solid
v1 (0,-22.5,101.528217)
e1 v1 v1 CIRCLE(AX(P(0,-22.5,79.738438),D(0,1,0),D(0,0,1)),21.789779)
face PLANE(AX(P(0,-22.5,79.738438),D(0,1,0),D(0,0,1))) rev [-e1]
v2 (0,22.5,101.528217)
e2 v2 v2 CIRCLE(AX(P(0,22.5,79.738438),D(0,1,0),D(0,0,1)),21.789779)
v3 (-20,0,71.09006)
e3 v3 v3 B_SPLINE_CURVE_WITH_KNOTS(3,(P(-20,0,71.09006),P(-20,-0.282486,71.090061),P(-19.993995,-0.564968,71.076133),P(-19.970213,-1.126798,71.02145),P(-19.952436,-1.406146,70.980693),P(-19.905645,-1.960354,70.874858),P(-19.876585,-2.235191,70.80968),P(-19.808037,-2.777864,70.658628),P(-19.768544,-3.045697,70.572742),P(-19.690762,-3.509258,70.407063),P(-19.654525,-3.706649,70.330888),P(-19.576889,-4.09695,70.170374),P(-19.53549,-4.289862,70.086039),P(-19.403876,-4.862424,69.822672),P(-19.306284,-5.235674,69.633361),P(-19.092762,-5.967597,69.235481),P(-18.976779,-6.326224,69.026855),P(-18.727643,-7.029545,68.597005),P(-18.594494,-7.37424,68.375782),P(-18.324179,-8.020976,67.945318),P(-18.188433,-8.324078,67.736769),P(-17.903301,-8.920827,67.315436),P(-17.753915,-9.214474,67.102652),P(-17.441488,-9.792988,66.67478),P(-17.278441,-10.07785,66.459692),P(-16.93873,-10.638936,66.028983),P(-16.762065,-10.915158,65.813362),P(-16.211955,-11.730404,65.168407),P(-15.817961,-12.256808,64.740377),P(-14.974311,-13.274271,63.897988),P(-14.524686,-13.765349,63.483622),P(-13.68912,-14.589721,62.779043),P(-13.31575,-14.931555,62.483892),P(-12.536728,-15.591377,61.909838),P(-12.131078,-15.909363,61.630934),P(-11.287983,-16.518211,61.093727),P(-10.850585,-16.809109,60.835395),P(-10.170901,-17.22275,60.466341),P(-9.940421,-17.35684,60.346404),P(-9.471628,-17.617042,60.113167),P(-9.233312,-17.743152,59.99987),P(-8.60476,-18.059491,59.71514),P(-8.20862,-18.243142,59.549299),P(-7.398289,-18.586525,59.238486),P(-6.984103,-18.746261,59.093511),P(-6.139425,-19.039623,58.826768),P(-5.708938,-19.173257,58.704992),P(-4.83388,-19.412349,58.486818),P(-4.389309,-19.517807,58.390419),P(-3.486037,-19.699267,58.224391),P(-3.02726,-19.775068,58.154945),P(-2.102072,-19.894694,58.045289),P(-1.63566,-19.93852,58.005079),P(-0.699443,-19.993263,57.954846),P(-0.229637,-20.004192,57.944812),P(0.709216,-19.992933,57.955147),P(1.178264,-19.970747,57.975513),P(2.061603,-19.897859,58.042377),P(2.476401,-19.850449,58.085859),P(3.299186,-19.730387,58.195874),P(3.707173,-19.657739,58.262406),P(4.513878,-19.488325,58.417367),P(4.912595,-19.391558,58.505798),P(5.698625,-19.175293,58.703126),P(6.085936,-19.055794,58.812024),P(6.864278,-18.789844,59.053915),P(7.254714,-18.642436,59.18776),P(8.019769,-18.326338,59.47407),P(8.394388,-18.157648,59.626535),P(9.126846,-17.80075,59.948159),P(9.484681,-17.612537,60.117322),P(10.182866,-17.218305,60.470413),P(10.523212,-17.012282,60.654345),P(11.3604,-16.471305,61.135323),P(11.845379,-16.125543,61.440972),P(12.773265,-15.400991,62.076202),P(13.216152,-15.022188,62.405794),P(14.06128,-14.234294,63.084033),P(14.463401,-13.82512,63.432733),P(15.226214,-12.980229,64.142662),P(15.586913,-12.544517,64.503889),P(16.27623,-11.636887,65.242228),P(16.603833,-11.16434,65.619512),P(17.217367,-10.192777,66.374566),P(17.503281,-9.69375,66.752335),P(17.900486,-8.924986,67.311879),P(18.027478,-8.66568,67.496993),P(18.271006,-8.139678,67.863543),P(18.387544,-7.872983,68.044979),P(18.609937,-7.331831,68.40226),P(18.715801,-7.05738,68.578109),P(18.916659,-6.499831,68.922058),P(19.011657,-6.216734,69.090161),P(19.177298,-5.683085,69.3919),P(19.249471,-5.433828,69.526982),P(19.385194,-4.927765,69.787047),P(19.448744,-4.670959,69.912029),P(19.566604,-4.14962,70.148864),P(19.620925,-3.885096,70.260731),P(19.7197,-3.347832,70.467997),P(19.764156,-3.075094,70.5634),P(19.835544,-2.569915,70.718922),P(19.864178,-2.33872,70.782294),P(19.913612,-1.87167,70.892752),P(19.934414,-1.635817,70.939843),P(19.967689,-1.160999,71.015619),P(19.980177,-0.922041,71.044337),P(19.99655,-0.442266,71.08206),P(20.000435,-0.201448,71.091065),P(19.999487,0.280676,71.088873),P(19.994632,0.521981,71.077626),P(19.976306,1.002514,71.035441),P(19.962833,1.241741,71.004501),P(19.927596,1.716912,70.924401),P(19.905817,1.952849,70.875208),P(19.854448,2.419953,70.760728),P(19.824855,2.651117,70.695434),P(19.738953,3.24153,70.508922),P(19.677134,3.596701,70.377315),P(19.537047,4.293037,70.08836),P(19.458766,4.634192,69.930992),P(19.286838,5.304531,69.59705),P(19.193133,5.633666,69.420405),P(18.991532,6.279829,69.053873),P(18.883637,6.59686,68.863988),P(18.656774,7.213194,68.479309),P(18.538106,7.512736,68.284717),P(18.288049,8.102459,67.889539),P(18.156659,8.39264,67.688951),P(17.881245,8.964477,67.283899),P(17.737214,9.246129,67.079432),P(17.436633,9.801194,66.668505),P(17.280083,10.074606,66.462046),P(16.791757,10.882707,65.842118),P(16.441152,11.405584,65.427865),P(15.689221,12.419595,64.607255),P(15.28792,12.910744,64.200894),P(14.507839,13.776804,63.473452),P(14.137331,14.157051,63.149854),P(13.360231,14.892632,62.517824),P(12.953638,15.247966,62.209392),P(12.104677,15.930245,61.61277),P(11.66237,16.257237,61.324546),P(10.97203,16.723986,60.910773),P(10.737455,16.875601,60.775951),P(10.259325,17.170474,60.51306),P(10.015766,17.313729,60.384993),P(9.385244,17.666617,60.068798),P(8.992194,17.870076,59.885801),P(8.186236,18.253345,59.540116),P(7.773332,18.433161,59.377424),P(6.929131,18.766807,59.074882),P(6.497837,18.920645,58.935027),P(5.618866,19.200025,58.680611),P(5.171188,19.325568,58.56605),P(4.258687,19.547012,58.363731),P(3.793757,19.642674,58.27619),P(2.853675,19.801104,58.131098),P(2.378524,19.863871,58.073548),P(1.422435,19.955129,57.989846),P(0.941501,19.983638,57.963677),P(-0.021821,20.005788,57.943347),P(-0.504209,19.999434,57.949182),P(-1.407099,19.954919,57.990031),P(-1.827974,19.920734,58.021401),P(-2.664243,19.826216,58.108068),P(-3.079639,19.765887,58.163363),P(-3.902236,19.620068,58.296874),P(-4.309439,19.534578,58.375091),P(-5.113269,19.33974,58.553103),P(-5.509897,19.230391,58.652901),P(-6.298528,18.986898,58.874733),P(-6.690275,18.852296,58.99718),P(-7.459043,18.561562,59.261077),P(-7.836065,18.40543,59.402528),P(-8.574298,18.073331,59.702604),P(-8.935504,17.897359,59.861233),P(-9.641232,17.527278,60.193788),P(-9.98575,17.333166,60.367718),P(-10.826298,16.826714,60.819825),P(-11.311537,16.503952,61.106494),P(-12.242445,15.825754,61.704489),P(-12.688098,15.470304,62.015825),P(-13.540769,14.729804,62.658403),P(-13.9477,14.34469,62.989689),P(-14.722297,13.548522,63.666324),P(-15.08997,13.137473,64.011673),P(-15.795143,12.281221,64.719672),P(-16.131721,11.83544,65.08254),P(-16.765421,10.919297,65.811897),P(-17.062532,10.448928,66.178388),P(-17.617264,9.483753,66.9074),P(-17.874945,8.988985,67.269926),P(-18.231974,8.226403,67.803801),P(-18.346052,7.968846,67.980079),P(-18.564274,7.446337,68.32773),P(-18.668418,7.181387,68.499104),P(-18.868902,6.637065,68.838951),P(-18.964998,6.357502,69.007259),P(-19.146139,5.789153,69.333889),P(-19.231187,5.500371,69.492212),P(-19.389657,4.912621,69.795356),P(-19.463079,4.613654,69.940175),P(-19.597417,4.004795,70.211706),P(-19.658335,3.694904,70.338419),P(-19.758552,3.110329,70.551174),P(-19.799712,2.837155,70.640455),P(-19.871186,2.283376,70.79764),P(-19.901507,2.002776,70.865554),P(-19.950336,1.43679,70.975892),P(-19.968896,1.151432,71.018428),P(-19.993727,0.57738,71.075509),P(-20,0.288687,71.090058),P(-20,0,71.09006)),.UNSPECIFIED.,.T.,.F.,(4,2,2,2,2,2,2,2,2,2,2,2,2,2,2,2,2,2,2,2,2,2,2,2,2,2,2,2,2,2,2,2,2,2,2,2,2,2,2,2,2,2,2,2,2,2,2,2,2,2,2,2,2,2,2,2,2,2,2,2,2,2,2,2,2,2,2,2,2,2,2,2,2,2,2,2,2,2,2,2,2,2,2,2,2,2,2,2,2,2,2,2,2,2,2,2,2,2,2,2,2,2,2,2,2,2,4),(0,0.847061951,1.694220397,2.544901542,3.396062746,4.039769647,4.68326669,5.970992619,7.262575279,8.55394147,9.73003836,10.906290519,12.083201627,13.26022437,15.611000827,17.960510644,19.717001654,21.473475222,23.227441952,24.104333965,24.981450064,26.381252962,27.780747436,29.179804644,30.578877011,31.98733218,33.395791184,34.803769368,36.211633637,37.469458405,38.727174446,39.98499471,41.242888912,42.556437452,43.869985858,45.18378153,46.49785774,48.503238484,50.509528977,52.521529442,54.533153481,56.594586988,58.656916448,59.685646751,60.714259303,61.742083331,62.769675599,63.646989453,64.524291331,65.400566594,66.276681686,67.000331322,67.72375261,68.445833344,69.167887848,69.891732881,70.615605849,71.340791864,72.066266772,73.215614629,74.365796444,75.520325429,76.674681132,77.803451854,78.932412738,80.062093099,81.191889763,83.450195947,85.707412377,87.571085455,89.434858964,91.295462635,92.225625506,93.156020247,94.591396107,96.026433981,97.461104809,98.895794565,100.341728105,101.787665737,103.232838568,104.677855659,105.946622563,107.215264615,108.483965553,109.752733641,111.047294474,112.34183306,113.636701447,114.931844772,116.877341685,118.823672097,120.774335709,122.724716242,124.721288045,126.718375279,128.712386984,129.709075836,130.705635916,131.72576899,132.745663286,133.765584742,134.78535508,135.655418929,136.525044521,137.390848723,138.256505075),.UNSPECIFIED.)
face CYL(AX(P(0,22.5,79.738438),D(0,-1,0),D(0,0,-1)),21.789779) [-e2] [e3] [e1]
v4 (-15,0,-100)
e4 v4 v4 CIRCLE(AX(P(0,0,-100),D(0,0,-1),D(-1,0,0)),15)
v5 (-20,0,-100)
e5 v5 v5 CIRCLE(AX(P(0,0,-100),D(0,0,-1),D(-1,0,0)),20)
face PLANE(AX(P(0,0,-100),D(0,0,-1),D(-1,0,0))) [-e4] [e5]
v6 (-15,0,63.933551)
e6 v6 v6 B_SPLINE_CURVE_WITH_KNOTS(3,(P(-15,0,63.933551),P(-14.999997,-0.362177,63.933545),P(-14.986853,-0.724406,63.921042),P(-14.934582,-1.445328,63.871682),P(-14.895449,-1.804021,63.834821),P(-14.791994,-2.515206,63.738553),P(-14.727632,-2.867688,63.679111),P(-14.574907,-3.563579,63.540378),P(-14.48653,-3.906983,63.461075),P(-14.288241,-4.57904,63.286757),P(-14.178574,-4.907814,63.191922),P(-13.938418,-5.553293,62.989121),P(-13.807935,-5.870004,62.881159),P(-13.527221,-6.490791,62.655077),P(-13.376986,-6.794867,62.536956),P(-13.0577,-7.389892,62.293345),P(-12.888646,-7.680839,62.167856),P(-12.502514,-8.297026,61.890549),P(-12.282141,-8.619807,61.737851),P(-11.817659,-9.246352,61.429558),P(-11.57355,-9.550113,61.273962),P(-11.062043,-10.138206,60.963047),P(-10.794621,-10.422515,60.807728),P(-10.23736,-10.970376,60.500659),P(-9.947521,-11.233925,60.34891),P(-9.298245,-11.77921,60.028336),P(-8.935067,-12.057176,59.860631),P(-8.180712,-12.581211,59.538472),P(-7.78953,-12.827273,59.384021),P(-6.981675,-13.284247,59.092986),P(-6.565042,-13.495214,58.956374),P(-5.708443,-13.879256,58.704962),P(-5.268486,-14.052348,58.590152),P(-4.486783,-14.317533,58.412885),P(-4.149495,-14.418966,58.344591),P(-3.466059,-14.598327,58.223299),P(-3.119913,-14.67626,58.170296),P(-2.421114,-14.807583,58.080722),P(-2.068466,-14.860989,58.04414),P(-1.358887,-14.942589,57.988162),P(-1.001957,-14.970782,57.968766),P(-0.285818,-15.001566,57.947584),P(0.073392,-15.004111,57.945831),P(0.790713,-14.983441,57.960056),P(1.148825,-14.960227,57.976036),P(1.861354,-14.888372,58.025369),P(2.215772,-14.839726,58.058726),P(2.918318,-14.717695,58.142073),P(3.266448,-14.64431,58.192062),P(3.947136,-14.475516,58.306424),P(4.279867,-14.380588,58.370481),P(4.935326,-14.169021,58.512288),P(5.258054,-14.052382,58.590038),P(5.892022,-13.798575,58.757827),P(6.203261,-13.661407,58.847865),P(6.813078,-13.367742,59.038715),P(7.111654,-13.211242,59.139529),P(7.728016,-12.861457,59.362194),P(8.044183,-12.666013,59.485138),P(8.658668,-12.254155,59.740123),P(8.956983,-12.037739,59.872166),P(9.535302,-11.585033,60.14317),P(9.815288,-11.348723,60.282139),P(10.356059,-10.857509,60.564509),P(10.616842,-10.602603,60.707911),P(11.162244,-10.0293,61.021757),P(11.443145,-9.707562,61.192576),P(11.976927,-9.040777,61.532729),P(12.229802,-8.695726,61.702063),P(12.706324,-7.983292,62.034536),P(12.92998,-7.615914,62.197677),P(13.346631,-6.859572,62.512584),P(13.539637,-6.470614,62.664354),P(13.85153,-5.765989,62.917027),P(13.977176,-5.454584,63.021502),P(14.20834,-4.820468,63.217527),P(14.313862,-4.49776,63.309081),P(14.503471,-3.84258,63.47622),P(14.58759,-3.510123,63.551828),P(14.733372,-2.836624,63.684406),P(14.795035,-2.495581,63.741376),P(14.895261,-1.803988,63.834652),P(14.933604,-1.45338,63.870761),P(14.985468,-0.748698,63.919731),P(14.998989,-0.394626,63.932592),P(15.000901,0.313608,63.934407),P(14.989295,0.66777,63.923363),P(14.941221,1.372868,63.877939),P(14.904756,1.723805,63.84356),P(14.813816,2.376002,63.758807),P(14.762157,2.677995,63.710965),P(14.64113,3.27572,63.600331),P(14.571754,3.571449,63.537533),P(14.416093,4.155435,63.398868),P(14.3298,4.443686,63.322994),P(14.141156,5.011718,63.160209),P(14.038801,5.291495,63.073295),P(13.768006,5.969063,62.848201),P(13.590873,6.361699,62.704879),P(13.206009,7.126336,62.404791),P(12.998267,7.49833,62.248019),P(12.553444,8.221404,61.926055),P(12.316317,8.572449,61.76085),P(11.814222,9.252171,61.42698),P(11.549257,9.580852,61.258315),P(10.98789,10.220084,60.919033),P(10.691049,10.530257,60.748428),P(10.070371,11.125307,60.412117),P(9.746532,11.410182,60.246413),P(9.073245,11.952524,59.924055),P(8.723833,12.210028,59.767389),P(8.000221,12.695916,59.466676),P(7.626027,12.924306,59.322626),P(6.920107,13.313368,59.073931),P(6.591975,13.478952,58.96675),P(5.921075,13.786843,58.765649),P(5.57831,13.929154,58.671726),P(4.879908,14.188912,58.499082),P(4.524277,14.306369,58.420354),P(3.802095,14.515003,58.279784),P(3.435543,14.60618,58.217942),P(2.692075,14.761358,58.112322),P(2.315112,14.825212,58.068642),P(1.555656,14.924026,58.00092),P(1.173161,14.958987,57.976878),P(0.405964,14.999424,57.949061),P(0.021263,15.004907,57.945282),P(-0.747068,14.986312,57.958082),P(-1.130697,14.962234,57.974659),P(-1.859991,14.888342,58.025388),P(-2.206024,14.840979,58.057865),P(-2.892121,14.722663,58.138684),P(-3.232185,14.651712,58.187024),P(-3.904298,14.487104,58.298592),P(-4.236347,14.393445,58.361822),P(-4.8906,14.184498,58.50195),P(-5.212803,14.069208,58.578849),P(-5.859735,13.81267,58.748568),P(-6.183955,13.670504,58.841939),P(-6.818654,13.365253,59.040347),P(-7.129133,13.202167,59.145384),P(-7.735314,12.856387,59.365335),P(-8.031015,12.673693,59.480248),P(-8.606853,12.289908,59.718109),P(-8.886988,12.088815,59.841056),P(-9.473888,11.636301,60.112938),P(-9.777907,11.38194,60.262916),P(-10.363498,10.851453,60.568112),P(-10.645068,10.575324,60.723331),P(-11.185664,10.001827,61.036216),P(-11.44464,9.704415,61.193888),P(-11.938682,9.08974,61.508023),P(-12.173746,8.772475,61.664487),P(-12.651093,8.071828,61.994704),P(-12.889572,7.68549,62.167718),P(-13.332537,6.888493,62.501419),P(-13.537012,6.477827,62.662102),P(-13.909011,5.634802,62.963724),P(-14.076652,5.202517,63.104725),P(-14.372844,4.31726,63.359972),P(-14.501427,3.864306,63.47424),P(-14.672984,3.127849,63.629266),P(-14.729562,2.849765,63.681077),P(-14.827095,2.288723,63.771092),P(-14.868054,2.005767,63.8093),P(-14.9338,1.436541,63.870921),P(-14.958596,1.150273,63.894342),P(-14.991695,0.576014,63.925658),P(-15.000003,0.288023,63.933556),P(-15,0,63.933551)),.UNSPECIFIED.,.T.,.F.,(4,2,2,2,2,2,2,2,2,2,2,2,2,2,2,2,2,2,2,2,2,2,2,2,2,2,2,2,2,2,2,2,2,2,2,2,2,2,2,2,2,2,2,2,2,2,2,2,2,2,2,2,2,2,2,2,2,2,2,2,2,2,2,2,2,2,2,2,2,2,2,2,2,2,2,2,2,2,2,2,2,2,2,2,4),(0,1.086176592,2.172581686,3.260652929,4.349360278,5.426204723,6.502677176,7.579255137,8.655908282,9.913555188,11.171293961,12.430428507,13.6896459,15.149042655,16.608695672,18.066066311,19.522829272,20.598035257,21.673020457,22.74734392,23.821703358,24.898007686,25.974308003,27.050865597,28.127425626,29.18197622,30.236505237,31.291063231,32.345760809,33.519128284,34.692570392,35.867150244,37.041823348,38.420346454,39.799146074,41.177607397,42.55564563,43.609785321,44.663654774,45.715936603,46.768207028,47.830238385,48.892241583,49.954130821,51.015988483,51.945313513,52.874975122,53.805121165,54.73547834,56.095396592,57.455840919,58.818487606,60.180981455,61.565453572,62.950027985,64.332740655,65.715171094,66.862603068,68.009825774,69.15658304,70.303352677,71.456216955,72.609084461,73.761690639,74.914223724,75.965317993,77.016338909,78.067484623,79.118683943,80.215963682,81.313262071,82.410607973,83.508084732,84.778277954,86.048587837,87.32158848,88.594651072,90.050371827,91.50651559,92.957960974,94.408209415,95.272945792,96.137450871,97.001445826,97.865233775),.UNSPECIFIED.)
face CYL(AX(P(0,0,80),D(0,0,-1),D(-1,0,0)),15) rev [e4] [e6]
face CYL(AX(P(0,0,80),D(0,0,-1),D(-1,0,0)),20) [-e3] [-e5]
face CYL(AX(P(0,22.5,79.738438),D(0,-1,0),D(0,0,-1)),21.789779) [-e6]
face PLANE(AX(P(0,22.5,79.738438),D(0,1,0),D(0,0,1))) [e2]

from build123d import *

# Parameters (mm, degrees)
SKETCH1_R           = 20
SKETCH1_R_2         = 15
BOSS_EXTRUDE1_DEPTH = 80
SKETCH7_R           = 20
SKETCH7_R_2         = 15
BOSS_EXTRUDE4_DEPTH = 100
SKETCH8_R           = 21.789778514
BOSS_EXTRUDE5_DEPTH = 22.5


with BuildPart() as part:
    # Sketch1 → Boss-Extrude1 (new body)
    with BuildSketch(Plane.XY):
        Circle(SKETCH1_R)
        Circle(SKETCH1_R_2, mode=Mode.SUBTRACT)
    extrude(amount=BOSS_EXTRUDE1_DEPTH)

    # Sketch7 → Boss-Extrude4 (add)
    with BuildSketch(Plane(origin=(0, 0, 0), x_dir=(-1, 0, 0), z_dir=(0, 0, -1))):
        Circle(SKETCH7_R)
        Circle(SKETCH7_R_2, mode=Mode.SUBTRACT)
    extrude(amount=BOSS_EXTRUDE4_DEPTH)

    # Sketch8 → Boss-Extrude5 (add, symmetric)
    with BuildSketch(Plane(origin=(0, 0, 0), x_dir=(1, 0, 0), z_dir=(0, 1, 0))):
        with Locations((0, -79.738438167)):
            Circle(SKETCH8_R)
    extrude(amount=BOSS_EXTRUDE5_DEPTH, both=True)


solid = part.part
